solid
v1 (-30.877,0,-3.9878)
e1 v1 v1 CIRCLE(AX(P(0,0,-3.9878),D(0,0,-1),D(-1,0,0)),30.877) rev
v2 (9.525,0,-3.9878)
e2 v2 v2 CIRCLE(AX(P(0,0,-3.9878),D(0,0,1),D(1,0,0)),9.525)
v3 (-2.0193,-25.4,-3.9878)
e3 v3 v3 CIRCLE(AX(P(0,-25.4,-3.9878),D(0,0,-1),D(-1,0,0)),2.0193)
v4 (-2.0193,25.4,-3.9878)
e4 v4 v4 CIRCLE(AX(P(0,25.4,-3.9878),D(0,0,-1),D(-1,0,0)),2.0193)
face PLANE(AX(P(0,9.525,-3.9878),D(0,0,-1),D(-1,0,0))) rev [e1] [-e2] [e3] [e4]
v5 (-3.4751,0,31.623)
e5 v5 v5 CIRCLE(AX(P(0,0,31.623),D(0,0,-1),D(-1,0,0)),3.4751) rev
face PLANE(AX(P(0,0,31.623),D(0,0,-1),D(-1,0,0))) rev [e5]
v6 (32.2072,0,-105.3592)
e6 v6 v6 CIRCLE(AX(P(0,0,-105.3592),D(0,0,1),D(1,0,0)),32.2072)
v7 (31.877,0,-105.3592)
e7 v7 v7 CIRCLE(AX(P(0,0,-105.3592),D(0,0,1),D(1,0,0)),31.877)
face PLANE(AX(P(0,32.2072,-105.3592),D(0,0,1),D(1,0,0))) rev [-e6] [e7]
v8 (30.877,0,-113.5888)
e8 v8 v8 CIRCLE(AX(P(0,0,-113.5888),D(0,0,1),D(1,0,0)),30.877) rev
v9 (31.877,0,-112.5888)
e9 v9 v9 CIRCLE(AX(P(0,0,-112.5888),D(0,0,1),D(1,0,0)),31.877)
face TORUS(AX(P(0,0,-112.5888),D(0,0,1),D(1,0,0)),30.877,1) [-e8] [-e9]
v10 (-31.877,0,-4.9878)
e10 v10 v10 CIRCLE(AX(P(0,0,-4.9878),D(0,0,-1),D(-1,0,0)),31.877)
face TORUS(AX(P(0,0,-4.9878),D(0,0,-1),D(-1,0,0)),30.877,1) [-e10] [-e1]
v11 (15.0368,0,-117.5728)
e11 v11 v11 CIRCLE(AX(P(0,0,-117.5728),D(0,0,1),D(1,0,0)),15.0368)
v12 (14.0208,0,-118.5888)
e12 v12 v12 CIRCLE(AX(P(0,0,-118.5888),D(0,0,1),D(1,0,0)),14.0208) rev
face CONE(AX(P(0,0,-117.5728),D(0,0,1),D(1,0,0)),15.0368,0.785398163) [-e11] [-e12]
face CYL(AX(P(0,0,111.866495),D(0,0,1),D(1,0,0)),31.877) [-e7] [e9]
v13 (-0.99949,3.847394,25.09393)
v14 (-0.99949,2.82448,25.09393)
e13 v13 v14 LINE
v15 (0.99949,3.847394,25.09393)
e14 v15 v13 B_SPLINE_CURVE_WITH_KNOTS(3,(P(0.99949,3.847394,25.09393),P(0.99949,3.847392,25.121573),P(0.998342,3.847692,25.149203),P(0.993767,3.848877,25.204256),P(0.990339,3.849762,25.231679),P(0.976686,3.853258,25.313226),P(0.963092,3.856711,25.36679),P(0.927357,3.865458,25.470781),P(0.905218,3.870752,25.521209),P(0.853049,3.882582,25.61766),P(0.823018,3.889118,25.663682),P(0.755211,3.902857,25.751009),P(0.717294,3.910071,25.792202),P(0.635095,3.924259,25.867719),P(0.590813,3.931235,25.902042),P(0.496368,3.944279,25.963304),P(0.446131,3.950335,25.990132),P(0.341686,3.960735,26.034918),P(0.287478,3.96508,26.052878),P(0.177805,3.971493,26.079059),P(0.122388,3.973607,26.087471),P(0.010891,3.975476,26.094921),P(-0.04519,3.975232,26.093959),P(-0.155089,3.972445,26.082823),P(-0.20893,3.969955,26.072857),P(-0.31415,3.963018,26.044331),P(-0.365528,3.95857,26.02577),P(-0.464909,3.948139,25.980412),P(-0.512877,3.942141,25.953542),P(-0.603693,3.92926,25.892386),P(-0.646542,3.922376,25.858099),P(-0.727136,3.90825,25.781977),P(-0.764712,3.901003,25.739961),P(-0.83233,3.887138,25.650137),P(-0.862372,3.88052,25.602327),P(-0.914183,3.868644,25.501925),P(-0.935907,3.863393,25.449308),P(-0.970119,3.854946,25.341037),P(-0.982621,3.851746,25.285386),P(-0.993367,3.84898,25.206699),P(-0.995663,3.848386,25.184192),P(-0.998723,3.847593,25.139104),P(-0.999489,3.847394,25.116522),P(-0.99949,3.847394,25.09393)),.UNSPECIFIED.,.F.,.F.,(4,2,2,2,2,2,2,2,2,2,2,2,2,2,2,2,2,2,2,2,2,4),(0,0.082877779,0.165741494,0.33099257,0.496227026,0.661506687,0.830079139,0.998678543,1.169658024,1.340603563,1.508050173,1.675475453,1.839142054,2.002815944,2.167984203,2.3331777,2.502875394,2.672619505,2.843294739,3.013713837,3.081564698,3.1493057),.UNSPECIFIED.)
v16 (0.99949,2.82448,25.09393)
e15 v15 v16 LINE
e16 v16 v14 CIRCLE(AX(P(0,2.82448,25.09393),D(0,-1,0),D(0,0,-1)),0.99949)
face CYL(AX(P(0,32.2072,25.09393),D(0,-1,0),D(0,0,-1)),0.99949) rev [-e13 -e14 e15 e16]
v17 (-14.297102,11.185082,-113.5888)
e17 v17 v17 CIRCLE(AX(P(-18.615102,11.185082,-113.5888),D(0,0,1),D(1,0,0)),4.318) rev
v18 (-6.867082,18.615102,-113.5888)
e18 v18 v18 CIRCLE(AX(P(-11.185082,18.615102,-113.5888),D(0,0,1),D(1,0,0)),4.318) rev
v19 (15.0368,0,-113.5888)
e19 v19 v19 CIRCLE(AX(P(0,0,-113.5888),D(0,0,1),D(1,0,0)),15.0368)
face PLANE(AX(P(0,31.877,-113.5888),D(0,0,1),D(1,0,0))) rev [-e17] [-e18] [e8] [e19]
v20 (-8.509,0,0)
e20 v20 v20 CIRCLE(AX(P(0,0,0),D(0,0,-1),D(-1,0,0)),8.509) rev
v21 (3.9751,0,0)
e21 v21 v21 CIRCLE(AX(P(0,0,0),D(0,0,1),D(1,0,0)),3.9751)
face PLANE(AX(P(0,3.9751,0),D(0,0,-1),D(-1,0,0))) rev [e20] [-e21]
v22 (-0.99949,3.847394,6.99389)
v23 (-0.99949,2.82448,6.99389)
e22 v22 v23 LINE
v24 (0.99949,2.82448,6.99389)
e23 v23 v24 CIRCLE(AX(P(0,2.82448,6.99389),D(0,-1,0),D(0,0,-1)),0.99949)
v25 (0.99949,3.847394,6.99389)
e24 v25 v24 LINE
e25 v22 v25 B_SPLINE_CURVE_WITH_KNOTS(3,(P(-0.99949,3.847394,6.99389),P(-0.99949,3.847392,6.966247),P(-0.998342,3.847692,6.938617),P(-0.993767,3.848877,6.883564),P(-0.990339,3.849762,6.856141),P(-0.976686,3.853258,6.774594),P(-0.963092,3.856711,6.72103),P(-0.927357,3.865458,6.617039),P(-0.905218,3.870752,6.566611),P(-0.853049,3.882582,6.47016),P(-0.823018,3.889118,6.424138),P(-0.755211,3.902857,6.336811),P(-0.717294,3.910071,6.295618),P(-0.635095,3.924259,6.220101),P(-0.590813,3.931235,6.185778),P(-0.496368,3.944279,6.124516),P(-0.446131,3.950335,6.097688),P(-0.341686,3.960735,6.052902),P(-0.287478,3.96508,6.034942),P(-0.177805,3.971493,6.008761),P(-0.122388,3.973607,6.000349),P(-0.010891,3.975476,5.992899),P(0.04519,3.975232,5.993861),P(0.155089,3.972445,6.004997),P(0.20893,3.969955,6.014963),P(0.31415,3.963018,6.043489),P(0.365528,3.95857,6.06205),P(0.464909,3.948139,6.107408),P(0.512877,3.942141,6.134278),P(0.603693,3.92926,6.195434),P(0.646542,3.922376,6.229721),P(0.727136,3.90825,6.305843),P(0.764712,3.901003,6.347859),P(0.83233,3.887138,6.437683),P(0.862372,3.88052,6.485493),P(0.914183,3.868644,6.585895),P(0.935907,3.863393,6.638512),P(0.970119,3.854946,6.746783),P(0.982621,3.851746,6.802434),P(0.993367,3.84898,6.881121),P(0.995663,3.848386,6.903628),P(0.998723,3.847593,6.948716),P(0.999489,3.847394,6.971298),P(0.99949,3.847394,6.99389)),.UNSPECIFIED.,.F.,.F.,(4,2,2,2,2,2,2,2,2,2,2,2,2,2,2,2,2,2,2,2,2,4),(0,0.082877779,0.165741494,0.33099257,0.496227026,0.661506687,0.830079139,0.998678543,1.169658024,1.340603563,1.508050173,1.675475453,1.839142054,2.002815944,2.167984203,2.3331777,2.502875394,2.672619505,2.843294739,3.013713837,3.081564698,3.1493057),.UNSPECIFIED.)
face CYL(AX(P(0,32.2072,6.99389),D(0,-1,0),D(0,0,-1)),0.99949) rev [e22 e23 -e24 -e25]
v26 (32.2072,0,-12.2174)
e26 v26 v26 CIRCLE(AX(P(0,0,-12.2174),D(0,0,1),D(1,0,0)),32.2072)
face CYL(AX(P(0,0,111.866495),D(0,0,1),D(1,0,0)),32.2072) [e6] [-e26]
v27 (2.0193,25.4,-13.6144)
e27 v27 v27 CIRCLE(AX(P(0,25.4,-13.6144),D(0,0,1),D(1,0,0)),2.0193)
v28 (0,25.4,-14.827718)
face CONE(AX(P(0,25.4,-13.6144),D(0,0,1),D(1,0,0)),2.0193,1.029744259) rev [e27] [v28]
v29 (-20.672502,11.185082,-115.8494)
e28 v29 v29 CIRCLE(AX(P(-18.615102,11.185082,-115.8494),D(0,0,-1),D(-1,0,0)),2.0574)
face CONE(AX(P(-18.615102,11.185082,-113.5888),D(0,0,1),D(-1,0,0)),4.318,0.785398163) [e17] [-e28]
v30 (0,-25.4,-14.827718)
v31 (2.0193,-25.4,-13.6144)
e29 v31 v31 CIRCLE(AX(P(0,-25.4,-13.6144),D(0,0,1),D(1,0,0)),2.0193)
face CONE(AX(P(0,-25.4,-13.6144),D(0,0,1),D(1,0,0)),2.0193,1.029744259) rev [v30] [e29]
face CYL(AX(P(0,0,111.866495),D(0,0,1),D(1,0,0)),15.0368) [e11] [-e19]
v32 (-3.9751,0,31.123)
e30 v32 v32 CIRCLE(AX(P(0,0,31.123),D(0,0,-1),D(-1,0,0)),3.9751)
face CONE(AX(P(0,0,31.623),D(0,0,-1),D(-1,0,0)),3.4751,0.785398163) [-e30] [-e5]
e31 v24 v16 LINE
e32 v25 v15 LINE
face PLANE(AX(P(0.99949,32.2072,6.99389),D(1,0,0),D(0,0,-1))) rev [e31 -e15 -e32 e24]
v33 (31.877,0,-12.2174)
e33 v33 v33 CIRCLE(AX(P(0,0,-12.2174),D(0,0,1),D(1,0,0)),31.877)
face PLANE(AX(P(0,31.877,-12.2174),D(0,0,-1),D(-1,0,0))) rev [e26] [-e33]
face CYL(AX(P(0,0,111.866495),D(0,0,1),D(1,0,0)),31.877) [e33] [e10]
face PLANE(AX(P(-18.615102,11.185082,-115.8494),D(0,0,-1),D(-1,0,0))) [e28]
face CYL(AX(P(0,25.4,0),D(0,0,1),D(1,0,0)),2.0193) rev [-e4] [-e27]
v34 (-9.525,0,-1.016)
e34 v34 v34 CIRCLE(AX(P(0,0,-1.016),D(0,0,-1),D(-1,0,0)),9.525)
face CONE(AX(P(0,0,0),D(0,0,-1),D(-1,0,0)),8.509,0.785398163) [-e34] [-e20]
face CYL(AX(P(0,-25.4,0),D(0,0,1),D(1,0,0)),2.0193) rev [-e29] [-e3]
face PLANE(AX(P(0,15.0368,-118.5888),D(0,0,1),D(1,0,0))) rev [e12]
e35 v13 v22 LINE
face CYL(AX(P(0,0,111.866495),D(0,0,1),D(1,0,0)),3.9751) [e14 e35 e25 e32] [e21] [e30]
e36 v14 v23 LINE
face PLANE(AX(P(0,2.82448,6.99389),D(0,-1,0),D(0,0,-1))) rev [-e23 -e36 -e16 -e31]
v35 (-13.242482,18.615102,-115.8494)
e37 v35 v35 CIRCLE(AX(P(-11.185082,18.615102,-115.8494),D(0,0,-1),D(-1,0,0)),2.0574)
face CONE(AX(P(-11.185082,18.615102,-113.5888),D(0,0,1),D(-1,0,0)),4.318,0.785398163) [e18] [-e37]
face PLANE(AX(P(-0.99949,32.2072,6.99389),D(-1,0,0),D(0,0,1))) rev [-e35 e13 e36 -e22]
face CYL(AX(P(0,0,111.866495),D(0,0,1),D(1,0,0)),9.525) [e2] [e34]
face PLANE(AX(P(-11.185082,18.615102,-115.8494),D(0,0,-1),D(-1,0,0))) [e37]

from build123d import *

# Parameters (mm, degrees)
FILLET1_R                     = 1
CHAMFER1_SIZE                 = 1.016
CHAMFER2_SIZE                 = 0.5
F_10_32_TAPPED_HOLE1_D        = 4.0386
F_10_32_TAPPED_HOLE1_DEPTH    = 13.6144
F_10_32_TAPPED_HOLE1_TIP      = 1.213317848
CUT_EXTRUDE1_START            = -6.79958
CUT_EXTRUDE1_DEPTH            = 122.301029095
SKETCH5_R                     = 4.318
BOSS_EXTRUDE1_DEPTH           = 2.2606
BOSS_EXTRUDE1_DRAFT           = 45
BOSS_EXTRUDE1_PROFILE_2_DEPTH = 2.2606
BOSS_EXTRUDE1_PROFILE_2_DRAFT = 45


with BuildPart() as part:
    # Sketch1 → Revolve1 (revolve)
    with BuildSketch(Plane(origin=(0, 0, 0), x_dir=(0, 0, -1), z_dir=(1, 0, 0)), mode=Mode.PRIVATE) as revolve1_sk:
        Polygon((-31.623, 0), (-31.623, 3.9751), (0, 3.9751), (0, 9.525), (3.9878, 9.525), (3.9878, 31.877), (12.2174, 31.877), (12.2174, 32.2072), (105.3592, 32.2072), (105.3592, 31.877), (113.5888, 31.877), (113.5888, 15.0368), (118.5888, 15.0368), (118.5888, 0), align=None)
    revolve(revolve1_sk.sketch.rotate(Axis((0, 0, 111.866494726), (0, 0, -1)), 90), axis=Axis((0, 0, 111.866494726), (0, 0, -1)))

    # Fillet1
    fillet1_edges = [part.edges().sort_by_distance(p)[0] for p in [
        (-31.877, 0, -113.5888),
        (-31.877, 0, -3.9878),
    ]]
    fillet(fillet1_edges, radius=FILLET1_R)

    # Chamfer1
    chamfer1_edges = [part.edges().sort_by_distance(p)[0] for p in [
        (-9.525, 0, 0),
        (-15.0368, 0, -118.5888),
    ]]
    chamfer(chamfer1_edges, length=CHAMFER1_SIZE)

    # Chamfer2
    chamfer2_edges = [part.edges().sort_by_distance(p)[0] for p in [
        (-3.9751, 0, 31.623),
    ]]
    chamfer(chamfer2_edges, length=CHAMFER2_SIZE)

    # #10-32 Tapped Hole1
    with Locations(Plane.XY):
        with Locations((0, 25.4), (0, -25.4)):
            Hole(F_10_32_TAPPED_HOLE1_D / 2, depth=F_10_32_TAPPED_HOLE1_DEPTH)
            with Locations((0, 0, -(F_10_32_TAPPED_HOLE1_DEPTH + F_10_32_TAPPED_HOLE1_TIP / 2))):  # 118° drill point
                Cone(0, F_10_32_TAPPED_HOLE1_D / 2, F_10_32_TAPPED_HOLE1_TIP, mode=Mode.SUBTRACT)

    # Sketch4 → Cut-Extrude1 (cut, through all)
    with BuildSketch(Plane(origin=(0, -3.9751, 0), x_dir=(-1, 0, 0), z_dir=(0, -1, 0)).offset(CUT_EXTRUDE1_START)):
        with BuildLine():
            Line((0.99949, -6.99389), (0.99949, -25.09393))
            ThreePointArc((0.99949, -25.09393), (0, -26.09342), (-0.99949, -25.09393))
            Line((-0.99949, -25.09393), (-0.99949, -6.99389))
            ThreePointArc((-0.99949, -6.99389), (0, -5.9944), (0.99949, -6.99389))
        make_face()
    extrude(amount=-CUT_EXTRUDE1_DEPTH, mode=Mode.SUBTRACT)


with BuildPart() as boss_extrude1_tool:
    # Sketch5 → Boss-Extrude1 (with draft: the straight prism first)
    with BuildSketch(Plane(origin=(0, 0, -113.5888), x_dir=(-1, 0, 0), z_dir=(0, 0, -1))):
        with Locations((11.185081873, 18.615102269)):
            Circle(SKETCH5_R)
    extrude(amount=BOSS_EXTRUDE1_DEPTH)
    # Boss-Extrude1: the draft: its side faces are tilted about the plane it starts from
    boss_extrude1_sides = [boss_extrude1_tool.faces().sort_by_distance(p)[0] for p in [
        (-6.867081873, 18.615102269, -114.7191),
    ]]
    draft(boss_extrude1_sides, Plane(origin=(0, 0, -113.5888), x_dir=(-1, 0, 0), z_dir=(0, 0, -1)), BOSS_EXTRUDE1_DRAFT)


with BuildPart() as part_1:
    add(part.part)

    # Boss-Extrude1: add boss_extrude1_tool
    add(boss_extrude1_tool.part)


with BuildPart() as boss_extrude1_profile_2_tool:
    # Sketch5 → Boss-Extrude1 profile 2 (with draft: the straight prism first)
    with BuildSketch(Plane(origin=(0, 0, -113.5888), x_dir=(-1, 0, 0), z_dir=(0, 0, -1))):
        with Locations((18.615102269, 11.185081873)):
            Circle(SKETCH5_R)
    extrude(amount=BOSS_EXTRUDE1_PROFILE_2_DEPTH)
    # Boss-Extrude1 profile 2: the draft: its side faces are tilted about the plane it starts from
    boss_extrude1_profile_2_sides = [boss_extrude1_profile_2_tool.faces().sort_by_distance(p)[0] for p in [
        (-14.297102269, 11.185081873, -114.7191),
    ]]
    draft(boss_extrude1_profile_2_sides, Plane(origin=(0, 0, -113.5888), x_dir=(-1, 0, 0), z_dir=(0, 0, -1)), BOSS_EXTRUDE1_PROFILE_2_DRAFT)


with BuildPart() as part_2:
    add(part_1.part)

    # Boss-Extrude1 profile 2: add boss_extrude1_profile_2_tool
    add(boss_extrude1_profile_2_tool.part)


solid = part_2.part
